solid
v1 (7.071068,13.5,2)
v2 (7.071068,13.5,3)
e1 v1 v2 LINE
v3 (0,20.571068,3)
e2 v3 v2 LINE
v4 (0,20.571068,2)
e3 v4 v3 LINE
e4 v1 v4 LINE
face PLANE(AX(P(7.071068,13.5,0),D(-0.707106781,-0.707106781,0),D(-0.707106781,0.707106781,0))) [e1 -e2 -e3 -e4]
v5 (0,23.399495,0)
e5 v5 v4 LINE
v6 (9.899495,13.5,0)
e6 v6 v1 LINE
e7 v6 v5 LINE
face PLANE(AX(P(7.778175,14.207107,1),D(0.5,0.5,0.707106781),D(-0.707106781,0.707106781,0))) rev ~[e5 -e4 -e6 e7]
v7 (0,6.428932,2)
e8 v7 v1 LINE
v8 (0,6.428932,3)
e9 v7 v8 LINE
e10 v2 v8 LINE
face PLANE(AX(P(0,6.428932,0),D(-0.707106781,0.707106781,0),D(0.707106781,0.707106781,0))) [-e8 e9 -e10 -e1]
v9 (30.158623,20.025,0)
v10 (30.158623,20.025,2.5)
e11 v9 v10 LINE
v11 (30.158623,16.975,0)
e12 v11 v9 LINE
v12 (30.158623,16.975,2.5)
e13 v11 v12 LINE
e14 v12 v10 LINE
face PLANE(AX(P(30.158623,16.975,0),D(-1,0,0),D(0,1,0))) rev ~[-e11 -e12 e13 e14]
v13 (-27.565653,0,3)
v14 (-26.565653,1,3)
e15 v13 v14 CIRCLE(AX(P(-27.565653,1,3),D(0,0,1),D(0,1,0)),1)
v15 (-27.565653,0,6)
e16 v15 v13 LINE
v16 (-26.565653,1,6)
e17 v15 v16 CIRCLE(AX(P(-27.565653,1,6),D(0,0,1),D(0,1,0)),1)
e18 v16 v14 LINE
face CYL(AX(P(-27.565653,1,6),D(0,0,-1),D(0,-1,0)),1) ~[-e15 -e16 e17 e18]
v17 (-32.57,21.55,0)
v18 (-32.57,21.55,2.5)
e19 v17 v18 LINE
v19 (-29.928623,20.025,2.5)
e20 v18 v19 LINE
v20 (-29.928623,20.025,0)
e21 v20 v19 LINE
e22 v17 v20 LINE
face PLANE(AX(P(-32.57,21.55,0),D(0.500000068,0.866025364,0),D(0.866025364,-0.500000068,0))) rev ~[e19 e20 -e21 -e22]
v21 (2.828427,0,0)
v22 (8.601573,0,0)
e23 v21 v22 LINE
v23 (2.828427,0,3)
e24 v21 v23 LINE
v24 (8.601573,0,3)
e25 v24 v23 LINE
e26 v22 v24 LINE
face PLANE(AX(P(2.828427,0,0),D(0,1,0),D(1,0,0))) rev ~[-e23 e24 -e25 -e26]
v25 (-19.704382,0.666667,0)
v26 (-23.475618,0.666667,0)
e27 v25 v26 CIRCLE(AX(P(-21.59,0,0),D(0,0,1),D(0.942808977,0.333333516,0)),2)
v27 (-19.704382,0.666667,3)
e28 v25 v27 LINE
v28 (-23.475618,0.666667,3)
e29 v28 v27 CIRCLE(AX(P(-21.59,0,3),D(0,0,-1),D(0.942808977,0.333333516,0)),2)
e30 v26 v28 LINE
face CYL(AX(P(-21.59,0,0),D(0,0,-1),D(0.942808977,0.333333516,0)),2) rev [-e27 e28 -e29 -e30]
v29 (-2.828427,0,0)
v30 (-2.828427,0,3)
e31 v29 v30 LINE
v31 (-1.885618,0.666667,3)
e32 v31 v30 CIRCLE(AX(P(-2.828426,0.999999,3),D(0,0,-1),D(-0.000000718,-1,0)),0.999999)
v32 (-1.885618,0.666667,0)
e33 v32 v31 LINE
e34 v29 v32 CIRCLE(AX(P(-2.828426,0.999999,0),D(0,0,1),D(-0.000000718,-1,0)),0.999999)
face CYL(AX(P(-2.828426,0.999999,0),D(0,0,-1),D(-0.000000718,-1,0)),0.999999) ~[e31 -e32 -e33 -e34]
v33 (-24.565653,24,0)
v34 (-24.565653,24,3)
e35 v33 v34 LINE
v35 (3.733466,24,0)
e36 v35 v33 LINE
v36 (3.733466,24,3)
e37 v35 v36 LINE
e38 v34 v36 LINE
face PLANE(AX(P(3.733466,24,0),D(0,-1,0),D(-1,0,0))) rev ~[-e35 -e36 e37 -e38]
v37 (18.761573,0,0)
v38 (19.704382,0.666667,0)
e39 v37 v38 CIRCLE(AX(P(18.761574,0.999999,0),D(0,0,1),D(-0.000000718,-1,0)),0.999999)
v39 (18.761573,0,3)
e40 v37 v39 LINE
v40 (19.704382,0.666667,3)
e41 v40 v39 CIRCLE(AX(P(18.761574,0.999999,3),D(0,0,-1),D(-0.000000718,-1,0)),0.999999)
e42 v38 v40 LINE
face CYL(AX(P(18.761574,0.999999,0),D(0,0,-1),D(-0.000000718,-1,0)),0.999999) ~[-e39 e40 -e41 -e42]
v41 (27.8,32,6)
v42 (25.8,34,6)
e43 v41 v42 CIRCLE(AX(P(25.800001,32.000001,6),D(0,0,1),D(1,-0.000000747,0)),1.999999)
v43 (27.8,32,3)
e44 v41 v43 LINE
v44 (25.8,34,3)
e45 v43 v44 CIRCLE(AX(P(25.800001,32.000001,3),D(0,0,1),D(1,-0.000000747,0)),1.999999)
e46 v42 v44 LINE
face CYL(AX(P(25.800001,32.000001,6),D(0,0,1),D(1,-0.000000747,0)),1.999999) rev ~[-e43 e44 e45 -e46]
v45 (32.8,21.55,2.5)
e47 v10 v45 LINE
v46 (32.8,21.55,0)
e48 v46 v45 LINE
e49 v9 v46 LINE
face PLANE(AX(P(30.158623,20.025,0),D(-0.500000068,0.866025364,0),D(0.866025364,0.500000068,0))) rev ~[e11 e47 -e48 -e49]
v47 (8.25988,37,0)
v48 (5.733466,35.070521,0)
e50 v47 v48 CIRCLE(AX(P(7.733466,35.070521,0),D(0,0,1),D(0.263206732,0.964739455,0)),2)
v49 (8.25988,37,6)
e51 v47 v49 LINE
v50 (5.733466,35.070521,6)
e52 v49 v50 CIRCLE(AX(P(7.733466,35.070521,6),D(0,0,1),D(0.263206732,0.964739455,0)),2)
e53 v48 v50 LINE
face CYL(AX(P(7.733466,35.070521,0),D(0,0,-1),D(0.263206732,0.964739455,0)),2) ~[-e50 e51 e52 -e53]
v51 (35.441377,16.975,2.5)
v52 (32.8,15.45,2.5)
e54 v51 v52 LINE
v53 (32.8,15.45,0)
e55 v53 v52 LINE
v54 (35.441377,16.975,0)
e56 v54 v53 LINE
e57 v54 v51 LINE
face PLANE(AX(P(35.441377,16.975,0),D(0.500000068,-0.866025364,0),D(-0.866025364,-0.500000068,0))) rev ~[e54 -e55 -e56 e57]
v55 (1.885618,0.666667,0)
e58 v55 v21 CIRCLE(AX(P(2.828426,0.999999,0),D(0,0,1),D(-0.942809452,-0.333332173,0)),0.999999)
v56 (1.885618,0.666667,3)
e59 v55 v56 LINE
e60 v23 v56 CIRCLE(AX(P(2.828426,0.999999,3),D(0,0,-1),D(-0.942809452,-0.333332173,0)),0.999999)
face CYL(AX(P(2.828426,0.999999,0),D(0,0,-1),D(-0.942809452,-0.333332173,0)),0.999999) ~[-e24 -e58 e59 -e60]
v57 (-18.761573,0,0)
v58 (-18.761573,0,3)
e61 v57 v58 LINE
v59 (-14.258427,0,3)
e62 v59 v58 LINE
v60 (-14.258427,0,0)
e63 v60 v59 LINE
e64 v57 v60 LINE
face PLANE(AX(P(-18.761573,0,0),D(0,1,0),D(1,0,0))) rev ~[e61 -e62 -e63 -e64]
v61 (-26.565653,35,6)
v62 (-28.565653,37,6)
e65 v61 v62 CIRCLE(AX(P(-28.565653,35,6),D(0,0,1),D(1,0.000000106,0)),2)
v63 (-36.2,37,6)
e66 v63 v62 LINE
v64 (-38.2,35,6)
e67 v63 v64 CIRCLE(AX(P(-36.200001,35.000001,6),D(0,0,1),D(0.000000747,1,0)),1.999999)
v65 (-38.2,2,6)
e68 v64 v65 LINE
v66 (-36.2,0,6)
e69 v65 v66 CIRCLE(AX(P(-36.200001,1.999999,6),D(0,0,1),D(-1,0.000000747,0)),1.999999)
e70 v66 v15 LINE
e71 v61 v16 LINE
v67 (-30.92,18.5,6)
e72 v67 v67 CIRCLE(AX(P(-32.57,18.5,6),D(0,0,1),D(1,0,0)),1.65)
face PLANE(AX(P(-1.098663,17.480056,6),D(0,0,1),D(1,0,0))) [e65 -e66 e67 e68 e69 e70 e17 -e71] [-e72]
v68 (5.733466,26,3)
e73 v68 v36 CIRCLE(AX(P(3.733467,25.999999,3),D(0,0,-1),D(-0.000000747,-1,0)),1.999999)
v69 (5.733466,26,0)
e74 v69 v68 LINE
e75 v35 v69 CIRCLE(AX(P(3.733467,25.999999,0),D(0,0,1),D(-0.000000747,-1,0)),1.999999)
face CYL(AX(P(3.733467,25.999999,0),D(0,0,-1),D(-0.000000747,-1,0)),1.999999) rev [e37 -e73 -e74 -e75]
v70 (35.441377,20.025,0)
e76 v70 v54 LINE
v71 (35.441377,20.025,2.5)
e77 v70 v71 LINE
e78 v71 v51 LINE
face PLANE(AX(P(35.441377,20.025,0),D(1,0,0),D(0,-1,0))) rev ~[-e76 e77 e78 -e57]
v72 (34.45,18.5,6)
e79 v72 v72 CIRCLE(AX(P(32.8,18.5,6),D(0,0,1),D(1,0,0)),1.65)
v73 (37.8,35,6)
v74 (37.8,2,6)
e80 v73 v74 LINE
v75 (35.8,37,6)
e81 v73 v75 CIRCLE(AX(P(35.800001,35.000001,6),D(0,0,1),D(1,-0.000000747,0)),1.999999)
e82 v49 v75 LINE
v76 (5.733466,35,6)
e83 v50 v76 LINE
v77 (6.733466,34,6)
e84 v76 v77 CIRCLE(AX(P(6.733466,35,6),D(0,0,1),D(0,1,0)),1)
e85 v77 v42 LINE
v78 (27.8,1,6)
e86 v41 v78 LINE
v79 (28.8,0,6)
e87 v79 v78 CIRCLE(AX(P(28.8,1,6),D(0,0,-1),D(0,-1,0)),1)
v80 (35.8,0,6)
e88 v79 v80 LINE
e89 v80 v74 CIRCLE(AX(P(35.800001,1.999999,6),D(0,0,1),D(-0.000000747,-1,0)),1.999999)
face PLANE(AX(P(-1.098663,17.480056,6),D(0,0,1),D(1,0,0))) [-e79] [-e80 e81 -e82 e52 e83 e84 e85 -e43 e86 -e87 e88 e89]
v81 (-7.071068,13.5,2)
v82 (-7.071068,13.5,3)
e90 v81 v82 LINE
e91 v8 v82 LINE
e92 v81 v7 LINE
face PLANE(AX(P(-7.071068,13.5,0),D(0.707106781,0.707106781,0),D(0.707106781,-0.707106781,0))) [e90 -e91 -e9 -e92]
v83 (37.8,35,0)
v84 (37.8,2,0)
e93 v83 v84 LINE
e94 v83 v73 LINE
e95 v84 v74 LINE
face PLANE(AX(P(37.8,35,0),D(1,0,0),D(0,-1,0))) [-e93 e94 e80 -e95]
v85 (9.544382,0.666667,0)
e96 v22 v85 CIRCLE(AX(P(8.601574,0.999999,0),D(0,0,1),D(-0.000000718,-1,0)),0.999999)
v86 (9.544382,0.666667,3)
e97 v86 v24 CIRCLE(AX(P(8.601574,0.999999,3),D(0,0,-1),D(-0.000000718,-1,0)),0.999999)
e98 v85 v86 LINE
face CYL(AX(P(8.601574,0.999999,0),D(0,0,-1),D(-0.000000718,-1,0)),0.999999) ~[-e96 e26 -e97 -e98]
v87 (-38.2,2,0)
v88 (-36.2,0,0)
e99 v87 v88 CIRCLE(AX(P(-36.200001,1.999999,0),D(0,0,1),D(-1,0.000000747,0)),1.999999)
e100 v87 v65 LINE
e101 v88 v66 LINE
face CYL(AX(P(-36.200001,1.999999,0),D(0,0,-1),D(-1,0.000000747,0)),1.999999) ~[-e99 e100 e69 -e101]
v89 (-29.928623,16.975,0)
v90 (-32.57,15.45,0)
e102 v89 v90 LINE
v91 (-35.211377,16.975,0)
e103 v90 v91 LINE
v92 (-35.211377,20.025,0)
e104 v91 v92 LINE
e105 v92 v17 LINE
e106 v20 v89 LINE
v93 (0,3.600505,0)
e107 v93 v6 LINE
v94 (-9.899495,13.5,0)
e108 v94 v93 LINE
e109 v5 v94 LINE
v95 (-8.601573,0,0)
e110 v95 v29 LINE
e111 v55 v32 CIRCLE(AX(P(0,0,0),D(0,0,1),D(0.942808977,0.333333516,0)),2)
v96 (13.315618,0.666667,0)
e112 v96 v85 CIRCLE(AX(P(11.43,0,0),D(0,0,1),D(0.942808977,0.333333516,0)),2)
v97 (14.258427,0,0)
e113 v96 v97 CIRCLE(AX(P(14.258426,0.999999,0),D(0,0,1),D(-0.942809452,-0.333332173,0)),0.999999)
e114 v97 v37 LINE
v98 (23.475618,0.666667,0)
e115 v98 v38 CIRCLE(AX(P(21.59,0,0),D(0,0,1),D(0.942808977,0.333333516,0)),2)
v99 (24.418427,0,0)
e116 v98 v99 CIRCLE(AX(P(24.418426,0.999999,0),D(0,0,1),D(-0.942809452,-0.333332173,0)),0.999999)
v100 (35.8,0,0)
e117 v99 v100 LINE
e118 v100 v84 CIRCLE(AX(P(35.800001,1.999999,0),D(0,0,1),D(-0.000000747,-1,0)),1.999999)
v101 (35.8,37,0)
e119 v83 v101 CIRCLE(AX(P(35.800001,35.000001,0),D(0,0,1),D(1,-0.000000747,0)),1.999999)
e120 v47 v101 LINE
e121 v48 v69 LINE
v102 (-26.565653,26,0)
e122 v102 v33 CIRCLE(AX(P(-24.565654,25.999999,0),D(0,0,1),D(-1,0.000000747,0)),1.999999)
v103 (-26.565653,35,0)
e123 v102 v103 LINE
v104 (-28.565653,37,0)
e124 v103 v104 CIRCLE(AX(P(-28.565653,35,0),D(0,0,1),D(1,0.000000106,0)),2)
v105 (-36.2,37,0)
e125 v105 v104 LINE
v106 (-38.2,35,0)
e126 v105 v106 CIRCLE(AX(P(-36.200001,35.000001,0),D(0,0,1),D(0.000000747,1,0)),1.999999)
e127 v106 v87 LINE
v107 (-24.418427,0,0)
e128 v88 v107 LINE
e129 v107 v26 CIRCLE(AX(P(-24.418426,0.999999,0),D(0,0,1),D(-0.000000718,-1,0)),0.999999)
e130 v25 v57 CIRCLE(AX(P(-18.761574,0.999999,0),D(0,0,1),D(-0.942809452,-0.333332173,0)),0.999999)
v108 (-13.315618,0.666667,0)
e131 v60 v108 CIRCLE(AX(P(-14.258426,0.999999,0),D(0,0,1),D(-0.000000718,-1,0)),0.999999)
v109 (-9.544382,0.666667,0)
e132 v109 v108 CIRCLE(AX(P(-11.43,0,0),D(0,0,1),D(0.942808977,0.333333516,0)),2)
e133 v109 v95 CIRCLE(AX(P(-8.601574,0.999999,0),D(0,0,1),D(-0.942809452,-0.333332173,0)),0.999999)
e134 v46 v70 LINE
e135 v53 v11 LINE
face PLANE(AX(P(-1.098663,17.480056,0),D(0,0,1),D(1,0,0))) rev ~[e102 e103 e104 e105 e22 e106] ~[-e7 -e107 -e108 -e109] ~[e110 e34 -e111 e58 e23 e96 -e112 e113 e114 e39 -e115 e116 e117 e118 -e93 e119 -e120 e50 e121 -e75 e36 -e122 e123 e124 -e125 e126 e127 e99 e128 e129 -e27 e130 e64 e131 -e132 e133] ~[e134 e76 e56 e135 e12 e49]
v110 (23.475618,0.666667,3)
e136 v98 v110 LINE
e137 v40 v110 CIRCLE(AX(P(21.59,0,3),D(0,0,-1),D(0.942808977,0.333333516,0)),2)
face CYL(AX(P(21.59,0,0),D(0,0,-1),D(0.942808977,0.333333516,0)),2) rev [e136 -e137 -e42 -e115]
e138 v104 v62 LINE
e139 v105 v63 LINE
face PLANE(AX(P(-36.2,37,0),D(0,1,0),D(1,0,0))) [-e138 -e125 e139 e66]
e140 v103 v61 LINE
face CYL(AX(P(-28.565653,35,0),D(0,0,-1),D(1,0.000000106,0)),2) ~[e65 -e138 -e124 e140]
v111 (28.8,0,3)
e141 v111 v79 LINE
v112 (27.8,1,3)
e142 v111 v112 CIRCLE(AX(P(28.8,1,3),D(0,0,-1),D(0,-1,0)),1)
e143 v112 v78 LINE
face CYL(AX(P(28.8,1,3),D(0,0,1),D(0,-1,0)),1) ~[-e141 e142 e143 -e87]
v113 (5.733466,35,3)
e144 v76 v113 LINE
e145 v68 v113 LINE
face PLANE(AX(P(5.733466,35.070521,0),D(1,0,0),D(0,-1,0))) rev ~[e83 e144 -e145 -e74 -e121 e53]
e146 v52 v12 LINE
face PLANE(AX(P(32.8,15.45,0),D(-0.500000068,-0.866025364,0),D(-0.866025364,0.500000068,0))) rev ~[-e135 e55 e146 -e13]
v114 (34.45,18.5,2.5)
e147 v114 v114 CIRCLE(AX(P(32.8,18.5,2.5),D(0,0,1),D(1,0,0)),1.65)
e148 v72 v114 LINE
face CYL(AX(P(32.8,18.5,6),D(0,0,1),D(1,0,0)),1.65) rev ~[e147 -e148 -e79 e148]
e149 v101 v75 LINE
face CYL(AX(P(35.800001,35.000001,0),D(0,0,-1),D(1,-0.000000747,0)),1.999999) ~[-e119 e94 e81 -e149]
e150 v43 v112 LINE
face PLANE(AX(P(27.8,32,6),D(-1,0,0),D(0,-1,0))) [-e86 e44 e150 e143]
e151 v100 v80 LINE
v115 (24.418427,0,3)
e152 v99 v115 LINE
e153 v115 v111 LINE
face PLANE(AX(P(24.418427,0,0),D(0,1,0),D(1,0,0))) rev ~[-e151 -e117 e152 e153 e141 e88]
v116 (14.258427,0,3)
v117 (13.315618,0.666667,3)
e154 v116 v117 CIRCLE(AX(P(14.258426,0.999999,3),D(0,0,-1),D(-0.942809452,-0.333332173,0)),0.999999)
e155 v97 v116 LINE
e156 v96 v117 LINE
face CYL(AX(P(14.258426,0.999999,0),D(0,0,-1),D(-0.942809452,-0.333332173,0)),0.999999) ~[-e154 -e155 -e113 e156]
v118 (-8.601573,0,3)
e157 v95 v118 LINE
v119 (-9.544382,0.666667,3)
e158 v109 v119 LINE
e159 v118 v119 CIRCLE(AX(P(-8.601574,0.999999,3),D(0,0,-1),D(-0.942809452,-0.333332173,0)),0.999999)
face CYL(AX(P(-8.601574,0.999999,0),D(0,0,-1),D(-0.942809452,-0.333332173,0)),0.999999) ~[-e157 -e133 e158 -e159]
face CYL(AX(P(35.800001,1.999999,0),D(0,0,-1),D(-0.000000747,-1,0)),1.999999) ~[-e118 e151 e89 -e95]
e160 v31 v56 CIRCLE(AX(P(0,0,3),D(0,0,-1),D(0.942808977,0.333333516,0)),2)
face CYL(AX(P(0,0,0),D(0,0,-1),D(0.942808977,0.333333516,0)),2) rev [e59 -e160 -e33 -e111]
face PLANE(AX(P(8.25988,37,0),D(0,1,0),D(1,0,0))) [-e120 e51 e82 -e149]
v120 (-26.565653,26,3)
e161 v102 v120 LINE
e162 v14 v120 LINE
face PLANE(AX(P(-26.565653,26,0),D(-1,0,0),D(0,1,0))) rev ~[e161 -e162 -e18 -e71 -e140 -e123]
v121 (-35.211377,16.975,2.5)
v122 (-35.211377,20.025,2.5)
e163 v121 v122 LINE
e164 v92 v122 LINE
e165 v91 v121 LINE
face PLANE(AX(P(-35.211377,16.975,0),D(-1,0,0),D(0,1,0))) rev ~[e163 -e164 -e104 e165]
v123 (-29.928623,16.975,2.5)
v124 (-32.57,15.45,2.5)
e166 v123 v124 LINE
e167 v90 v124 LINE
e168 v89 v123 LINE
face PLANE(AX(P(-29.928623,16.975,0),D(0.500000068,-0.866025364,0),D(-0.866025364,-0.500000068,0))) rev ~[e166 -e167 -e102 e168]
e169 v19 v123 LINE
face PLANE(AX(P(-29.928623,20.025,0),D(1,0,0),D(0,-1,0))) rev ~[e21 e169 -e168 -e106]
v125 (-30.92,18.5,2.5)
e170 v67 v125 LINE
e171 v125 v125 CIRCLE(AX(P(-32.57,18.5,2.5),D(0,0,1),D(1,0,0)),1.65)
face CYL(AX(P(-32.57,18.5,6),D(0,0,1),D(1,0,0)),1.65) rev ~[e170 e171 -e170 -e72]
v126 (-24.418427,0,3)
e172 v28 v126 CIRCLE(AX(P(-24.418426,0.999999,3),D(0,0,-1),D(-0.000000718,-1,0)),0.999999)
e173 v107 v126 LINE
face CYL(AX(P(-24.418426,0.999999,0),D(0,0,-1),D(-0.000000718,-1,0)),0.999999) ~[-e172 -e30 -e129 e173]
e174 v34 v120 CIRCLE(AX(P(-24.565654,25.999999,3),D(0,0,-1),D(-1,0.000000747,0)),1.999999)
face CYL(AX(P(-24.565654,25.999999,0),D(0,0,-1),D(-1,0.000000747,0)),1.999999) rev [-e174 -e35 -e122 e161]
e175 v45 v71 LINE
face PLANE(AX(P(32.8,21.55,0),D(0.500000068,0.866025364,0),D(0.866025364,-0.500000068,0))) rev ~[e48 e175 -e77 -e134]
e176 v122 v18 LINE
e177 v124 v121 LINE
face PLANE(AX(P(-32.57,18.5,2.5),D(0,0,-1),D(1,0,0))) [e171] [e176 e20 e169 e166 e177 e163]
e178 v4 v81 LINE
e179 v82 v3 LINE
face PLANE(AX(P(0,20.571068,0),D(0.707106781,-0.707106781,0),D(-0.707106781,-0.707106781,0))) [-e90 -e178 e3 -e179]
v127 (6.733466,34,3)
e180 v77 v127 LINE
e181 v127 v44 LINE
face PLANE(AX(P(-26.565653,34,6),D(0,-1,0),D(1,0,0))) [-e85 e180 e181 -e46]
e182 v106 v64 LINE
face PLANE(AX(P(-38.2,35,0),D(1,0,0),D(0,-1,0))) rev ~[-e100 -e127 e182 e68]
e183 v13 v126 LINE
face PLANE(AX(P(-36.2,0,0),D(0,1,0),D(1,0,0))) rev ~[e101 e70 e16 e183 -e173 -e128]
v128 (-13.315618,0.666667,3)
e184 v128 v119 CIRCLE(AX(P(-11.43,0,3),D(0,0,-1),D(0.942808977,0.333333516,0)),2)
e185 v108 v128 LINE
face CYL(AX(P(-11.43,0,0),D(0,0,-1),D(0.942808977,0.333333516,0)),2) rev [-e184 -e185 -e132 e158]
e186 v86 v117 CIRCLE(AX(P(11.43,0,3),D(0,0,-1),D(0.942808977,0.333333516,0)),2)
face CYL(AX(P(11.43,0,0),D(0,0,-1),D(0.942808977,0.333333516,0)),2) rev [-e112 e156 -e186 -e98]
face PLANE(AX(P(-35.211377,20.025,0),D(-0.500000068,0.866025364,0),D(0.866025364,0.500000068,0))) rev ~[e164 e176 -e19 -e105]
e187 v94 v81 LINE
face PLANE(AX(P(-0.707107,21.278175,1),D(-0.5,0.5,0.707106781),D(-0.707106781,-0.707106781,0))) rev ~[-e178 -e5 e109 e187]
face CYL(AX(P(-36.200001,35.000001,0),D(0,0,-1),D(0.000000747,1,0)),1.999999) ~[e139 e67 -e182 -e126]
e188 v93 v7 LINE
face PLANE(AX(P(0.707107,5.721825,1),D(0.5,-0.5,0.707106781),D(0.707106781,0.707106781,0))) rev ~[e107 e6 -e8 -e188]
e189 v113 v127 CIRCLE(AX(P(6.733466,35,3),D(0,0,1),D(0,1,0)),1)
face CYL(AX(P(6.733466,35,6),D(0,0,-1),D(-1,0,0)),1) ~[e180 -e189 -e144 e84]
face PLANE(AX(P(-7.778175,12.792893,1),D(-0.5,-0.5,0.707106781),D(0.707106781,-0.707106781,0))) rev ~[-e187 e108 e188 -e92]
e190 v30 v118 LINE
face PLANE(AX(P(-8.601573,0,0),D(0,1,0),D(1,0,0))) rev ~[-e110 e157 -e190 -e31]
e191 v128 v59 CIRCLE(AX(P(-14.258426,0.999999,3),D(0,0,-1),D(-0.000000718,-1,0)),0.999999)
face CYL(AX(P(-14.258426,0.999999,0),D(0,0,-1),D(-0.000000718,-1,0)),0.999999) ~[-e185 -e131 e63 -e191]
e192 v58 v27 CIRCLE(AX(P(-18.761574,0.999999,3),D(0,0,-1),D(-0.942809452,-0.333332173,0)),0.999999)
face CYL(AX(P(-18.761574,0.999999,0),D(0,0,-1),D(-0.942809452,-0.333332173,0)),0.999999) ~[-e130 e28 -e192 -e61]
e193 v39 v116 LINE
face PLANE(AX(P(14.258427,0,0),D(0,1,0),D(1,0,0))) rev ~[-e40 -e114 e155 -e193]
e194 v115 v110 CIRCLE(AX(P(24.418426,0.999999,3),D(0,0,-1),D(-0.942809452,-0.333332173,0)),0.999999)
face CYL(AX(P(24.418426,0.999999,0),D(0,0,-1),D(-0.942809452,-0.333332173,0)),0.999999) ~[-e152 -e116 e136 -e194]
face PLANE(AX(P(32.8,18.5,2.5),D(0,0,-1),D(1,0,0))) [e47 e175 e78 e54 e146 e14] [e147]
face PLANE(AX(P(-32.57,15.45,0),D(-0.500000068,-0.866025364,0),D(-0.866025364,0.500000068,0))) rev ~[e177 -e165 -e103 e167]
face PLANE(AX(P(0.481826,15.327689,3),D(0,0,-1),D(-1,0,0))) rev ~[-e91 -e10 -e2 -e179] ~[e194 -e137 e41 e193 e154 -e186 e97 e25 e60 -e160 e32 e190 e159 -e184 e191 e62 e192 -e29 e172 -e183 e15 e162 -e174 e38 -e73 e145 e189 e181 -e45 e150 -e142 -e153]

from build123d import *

# Parameters (mm, degrees)
PAD_DEPTH       = 6
POCKET_DEPTH    = 3
FILLET_R        = 1
CHAMFER_SIZE    = 2
SKETCH002_R     = 1.65
POCKET001_DEPTH = 6.001
POCKET002_DEPTH = 2.5


with BuildPart() as part:
    # Sketch → Pad (new body)
    with BuildSketch(Plane.XY):
        with BuildLine():
            Line((5.733466, 35.070521), (5.733466, 26))
            ThreePointArc((3.733466, 24), (5.14768, 24.585786), (5.733466, 26))
            Line((3.733466, 24), (-24.565653, 24))
            ThreePointArc((-26.565653, 26), (-25.979867, 24.585786), (-24.565653, 24))
            Line((-26.565653, 26), (-26.565653, 35))
            ThreePointArc((-26.565653, 35), (-27.15144, 36.414214), (-28.565653, 37))
            Line((-36.2, 37), (-28.565653, 37))
            ThreePointArc((-36.2, 37), (-37.614214, 36.414214), (-38.2, 35))
            Line((-38.2, 35), (-38.2, 2))
            ThreePointArc((-38.2, 2), (-37.614214, 0.585786), (-36.2, 0))
            Line((-25.8, 0), (-36.2, 0))
            Line((-25.8, 0), (-24.418427, 0))
            ThreePointArc((-24.418427, 0), (-23.841077, 0.183503), (-23.475618, 0.666667))
            ThreePointArc((-19.704382, 0.666667), (-21.59, 2), (-23.475618, 0.666667))
            ThreePointArc((-19.704382, 0.666667), (-19.338923, 0.183503), (-18.761573, 0))
            Line((-18.761573, 0), (-14.258427, 0))
            ThreePointArc((-14.258427, 0), (-13.681077, 0.183503), (-13.315618, 0.666667))
            ThreePointArc((-9.544382, 0.666667), (-11.43, 2), (-13.315618, 0.666667))
            ThreePointArc((-9.544382, 0.666667), (-9.178923, 0.183503), (-8.601573, 0))
            Line((-8.601573, 0), (-2.828427, 0))
            ThreePointArc((-2.828427, 0), (-2.251077, 0.183503), (-1.885618, 0.666667))
            ThreePointArc((1.885618, 0.666667), (0, 2), (-1.885618, 0.666667))
            ThreePointArc((1.885618, 0.666667), (2.251077, 0.183503), (2.828427, 0))
            Line((2.828427, 0), (8.601573, 0))
            ThreePointArc((8.601573, 0), (9.178923, 0.183503), (9.544382, 0.666667))
            ThreePointArc((13.315618, 0.666667), (11.43, 2), (9.544382, 0.666667))
            ThreePointArc((13.315618, 0.666667), (13.681077, 0.183503), (14.258427, 0))
            Line((14.258427, 0), (18.761573, 0))
            ThreePointArc((18.761573, 0), (19.338923, 0.183503), (19.704382, 0.666667))
            ThreePointArc((23.475618, 0.666667), (21.59, 2), (19.704382, 0.666667))
            ThreePointArc((23.475618, 0.666667), (23.841077, 0.183503), (24.418427, 0))
            Line((24.418427, 0), (25.8, 0))
            Line((25.8, 0), (35.8, 0))
            ThreePointArc((35.8, 0), (37.214214, 0.585786), (37.8, 2))
            Line((37.8, 35), (37.8, 2))
            ThreePointArc((37.8, 35), (37.214214, 36.414214), (35.8, 37))
            Line((8.25988, 37), (35.8, 37))
            ThreePointArc((8.25988, 37), (6.519553, 36.659991), (5.733466, 35.070521))
        make_face()
        Polygon((7.071068, 13.5), (0, 20.571068), (-7.071068, 13.5), (0, 6.428932), align=None, mode=Mode.SUBTRACT)
    extrude(amount=PAD_DEPTH)

    # Sketch001 (on Face40 of Pad) → Pocket (cut)
    with BuildSketch(Plane.XY.offset(6)):
        with BuildLine():
            Line((-26.565653, 34), (25.8, 34))
            ThreePointArc((27.8, 32), (27.214214, 33.414214), (25.8, 34))
            Line((27.8, 32), (27.8, -3.158395))
            Line((27.8, -3.158395), (-26.565653, -3.158395))
            Line((-26.565653, -3.158395), (-26.565653, 34))
        make_face()
    extrude(amount=-POCKET_DEPTH, mode=Mode.SUBTRACT)

    # Fillet
    fillet_edges = [part.edges().sort_by_distance(p)[0] for p in [
        (-26.565653, 0, 4.5),
        (27.8, 0, 4.5),
        (5.733466, 34, 4.5),
    ]]
    fillet(fillet_edges, radius=FILLET_R)

    # Chamfer
    chamfer_edges = [part.edges().sort_by_distance(p)[0] for p in [
        (3.535534, 9.964466, 0),
        (3.535534, 17.035534, 0),
        (-3.535534, 17.035534, 0),
        (-3.535534, 9.964466, 0),
    ]]
    chamfer(chamfer_edges, length=CHAMFER_SIZE)

    # Sketch002 (on Face49 of Chamfer) → Pocket001 (cut, through all)
    with BuildSketch(Plane.XY.offset(6)):
        with Locations((-32.57, 18.5)):
            Circle(SKETCH002_R)
        with Locations((32.8, 18.5)):
            Circle(SKETCH002_R)
    extrude(amount=-POCKET001_DEPTH, mode=Mode.SUBTRACT)

    # Sketch003 (on Face1 of Pocket001) → Pocket002 (cut)
    with BuildSketch(Plane(origin=(0, 0, 0), x_dir=(1, 0, 0), z_dir=(0, 0, -1))):
        Polygon((-29.928623, -20.025), (-29.928623, -16.975), (-32.57, -15.45), (-35.211377, -16.975), (-35.211377, -20.025), (-32.57, -21.55), align=None)
        Polygon((35.441377, -20.025), (35.441377, -16.975), (32.8, -15.45), (30.158623, -16.975), (30.158623, -20.025), (32.8, -21.55), align=None)
    extrude(amount=-POCKET002_DEPTH, mode=Mode.SUBTRACT)


solid = part.part
